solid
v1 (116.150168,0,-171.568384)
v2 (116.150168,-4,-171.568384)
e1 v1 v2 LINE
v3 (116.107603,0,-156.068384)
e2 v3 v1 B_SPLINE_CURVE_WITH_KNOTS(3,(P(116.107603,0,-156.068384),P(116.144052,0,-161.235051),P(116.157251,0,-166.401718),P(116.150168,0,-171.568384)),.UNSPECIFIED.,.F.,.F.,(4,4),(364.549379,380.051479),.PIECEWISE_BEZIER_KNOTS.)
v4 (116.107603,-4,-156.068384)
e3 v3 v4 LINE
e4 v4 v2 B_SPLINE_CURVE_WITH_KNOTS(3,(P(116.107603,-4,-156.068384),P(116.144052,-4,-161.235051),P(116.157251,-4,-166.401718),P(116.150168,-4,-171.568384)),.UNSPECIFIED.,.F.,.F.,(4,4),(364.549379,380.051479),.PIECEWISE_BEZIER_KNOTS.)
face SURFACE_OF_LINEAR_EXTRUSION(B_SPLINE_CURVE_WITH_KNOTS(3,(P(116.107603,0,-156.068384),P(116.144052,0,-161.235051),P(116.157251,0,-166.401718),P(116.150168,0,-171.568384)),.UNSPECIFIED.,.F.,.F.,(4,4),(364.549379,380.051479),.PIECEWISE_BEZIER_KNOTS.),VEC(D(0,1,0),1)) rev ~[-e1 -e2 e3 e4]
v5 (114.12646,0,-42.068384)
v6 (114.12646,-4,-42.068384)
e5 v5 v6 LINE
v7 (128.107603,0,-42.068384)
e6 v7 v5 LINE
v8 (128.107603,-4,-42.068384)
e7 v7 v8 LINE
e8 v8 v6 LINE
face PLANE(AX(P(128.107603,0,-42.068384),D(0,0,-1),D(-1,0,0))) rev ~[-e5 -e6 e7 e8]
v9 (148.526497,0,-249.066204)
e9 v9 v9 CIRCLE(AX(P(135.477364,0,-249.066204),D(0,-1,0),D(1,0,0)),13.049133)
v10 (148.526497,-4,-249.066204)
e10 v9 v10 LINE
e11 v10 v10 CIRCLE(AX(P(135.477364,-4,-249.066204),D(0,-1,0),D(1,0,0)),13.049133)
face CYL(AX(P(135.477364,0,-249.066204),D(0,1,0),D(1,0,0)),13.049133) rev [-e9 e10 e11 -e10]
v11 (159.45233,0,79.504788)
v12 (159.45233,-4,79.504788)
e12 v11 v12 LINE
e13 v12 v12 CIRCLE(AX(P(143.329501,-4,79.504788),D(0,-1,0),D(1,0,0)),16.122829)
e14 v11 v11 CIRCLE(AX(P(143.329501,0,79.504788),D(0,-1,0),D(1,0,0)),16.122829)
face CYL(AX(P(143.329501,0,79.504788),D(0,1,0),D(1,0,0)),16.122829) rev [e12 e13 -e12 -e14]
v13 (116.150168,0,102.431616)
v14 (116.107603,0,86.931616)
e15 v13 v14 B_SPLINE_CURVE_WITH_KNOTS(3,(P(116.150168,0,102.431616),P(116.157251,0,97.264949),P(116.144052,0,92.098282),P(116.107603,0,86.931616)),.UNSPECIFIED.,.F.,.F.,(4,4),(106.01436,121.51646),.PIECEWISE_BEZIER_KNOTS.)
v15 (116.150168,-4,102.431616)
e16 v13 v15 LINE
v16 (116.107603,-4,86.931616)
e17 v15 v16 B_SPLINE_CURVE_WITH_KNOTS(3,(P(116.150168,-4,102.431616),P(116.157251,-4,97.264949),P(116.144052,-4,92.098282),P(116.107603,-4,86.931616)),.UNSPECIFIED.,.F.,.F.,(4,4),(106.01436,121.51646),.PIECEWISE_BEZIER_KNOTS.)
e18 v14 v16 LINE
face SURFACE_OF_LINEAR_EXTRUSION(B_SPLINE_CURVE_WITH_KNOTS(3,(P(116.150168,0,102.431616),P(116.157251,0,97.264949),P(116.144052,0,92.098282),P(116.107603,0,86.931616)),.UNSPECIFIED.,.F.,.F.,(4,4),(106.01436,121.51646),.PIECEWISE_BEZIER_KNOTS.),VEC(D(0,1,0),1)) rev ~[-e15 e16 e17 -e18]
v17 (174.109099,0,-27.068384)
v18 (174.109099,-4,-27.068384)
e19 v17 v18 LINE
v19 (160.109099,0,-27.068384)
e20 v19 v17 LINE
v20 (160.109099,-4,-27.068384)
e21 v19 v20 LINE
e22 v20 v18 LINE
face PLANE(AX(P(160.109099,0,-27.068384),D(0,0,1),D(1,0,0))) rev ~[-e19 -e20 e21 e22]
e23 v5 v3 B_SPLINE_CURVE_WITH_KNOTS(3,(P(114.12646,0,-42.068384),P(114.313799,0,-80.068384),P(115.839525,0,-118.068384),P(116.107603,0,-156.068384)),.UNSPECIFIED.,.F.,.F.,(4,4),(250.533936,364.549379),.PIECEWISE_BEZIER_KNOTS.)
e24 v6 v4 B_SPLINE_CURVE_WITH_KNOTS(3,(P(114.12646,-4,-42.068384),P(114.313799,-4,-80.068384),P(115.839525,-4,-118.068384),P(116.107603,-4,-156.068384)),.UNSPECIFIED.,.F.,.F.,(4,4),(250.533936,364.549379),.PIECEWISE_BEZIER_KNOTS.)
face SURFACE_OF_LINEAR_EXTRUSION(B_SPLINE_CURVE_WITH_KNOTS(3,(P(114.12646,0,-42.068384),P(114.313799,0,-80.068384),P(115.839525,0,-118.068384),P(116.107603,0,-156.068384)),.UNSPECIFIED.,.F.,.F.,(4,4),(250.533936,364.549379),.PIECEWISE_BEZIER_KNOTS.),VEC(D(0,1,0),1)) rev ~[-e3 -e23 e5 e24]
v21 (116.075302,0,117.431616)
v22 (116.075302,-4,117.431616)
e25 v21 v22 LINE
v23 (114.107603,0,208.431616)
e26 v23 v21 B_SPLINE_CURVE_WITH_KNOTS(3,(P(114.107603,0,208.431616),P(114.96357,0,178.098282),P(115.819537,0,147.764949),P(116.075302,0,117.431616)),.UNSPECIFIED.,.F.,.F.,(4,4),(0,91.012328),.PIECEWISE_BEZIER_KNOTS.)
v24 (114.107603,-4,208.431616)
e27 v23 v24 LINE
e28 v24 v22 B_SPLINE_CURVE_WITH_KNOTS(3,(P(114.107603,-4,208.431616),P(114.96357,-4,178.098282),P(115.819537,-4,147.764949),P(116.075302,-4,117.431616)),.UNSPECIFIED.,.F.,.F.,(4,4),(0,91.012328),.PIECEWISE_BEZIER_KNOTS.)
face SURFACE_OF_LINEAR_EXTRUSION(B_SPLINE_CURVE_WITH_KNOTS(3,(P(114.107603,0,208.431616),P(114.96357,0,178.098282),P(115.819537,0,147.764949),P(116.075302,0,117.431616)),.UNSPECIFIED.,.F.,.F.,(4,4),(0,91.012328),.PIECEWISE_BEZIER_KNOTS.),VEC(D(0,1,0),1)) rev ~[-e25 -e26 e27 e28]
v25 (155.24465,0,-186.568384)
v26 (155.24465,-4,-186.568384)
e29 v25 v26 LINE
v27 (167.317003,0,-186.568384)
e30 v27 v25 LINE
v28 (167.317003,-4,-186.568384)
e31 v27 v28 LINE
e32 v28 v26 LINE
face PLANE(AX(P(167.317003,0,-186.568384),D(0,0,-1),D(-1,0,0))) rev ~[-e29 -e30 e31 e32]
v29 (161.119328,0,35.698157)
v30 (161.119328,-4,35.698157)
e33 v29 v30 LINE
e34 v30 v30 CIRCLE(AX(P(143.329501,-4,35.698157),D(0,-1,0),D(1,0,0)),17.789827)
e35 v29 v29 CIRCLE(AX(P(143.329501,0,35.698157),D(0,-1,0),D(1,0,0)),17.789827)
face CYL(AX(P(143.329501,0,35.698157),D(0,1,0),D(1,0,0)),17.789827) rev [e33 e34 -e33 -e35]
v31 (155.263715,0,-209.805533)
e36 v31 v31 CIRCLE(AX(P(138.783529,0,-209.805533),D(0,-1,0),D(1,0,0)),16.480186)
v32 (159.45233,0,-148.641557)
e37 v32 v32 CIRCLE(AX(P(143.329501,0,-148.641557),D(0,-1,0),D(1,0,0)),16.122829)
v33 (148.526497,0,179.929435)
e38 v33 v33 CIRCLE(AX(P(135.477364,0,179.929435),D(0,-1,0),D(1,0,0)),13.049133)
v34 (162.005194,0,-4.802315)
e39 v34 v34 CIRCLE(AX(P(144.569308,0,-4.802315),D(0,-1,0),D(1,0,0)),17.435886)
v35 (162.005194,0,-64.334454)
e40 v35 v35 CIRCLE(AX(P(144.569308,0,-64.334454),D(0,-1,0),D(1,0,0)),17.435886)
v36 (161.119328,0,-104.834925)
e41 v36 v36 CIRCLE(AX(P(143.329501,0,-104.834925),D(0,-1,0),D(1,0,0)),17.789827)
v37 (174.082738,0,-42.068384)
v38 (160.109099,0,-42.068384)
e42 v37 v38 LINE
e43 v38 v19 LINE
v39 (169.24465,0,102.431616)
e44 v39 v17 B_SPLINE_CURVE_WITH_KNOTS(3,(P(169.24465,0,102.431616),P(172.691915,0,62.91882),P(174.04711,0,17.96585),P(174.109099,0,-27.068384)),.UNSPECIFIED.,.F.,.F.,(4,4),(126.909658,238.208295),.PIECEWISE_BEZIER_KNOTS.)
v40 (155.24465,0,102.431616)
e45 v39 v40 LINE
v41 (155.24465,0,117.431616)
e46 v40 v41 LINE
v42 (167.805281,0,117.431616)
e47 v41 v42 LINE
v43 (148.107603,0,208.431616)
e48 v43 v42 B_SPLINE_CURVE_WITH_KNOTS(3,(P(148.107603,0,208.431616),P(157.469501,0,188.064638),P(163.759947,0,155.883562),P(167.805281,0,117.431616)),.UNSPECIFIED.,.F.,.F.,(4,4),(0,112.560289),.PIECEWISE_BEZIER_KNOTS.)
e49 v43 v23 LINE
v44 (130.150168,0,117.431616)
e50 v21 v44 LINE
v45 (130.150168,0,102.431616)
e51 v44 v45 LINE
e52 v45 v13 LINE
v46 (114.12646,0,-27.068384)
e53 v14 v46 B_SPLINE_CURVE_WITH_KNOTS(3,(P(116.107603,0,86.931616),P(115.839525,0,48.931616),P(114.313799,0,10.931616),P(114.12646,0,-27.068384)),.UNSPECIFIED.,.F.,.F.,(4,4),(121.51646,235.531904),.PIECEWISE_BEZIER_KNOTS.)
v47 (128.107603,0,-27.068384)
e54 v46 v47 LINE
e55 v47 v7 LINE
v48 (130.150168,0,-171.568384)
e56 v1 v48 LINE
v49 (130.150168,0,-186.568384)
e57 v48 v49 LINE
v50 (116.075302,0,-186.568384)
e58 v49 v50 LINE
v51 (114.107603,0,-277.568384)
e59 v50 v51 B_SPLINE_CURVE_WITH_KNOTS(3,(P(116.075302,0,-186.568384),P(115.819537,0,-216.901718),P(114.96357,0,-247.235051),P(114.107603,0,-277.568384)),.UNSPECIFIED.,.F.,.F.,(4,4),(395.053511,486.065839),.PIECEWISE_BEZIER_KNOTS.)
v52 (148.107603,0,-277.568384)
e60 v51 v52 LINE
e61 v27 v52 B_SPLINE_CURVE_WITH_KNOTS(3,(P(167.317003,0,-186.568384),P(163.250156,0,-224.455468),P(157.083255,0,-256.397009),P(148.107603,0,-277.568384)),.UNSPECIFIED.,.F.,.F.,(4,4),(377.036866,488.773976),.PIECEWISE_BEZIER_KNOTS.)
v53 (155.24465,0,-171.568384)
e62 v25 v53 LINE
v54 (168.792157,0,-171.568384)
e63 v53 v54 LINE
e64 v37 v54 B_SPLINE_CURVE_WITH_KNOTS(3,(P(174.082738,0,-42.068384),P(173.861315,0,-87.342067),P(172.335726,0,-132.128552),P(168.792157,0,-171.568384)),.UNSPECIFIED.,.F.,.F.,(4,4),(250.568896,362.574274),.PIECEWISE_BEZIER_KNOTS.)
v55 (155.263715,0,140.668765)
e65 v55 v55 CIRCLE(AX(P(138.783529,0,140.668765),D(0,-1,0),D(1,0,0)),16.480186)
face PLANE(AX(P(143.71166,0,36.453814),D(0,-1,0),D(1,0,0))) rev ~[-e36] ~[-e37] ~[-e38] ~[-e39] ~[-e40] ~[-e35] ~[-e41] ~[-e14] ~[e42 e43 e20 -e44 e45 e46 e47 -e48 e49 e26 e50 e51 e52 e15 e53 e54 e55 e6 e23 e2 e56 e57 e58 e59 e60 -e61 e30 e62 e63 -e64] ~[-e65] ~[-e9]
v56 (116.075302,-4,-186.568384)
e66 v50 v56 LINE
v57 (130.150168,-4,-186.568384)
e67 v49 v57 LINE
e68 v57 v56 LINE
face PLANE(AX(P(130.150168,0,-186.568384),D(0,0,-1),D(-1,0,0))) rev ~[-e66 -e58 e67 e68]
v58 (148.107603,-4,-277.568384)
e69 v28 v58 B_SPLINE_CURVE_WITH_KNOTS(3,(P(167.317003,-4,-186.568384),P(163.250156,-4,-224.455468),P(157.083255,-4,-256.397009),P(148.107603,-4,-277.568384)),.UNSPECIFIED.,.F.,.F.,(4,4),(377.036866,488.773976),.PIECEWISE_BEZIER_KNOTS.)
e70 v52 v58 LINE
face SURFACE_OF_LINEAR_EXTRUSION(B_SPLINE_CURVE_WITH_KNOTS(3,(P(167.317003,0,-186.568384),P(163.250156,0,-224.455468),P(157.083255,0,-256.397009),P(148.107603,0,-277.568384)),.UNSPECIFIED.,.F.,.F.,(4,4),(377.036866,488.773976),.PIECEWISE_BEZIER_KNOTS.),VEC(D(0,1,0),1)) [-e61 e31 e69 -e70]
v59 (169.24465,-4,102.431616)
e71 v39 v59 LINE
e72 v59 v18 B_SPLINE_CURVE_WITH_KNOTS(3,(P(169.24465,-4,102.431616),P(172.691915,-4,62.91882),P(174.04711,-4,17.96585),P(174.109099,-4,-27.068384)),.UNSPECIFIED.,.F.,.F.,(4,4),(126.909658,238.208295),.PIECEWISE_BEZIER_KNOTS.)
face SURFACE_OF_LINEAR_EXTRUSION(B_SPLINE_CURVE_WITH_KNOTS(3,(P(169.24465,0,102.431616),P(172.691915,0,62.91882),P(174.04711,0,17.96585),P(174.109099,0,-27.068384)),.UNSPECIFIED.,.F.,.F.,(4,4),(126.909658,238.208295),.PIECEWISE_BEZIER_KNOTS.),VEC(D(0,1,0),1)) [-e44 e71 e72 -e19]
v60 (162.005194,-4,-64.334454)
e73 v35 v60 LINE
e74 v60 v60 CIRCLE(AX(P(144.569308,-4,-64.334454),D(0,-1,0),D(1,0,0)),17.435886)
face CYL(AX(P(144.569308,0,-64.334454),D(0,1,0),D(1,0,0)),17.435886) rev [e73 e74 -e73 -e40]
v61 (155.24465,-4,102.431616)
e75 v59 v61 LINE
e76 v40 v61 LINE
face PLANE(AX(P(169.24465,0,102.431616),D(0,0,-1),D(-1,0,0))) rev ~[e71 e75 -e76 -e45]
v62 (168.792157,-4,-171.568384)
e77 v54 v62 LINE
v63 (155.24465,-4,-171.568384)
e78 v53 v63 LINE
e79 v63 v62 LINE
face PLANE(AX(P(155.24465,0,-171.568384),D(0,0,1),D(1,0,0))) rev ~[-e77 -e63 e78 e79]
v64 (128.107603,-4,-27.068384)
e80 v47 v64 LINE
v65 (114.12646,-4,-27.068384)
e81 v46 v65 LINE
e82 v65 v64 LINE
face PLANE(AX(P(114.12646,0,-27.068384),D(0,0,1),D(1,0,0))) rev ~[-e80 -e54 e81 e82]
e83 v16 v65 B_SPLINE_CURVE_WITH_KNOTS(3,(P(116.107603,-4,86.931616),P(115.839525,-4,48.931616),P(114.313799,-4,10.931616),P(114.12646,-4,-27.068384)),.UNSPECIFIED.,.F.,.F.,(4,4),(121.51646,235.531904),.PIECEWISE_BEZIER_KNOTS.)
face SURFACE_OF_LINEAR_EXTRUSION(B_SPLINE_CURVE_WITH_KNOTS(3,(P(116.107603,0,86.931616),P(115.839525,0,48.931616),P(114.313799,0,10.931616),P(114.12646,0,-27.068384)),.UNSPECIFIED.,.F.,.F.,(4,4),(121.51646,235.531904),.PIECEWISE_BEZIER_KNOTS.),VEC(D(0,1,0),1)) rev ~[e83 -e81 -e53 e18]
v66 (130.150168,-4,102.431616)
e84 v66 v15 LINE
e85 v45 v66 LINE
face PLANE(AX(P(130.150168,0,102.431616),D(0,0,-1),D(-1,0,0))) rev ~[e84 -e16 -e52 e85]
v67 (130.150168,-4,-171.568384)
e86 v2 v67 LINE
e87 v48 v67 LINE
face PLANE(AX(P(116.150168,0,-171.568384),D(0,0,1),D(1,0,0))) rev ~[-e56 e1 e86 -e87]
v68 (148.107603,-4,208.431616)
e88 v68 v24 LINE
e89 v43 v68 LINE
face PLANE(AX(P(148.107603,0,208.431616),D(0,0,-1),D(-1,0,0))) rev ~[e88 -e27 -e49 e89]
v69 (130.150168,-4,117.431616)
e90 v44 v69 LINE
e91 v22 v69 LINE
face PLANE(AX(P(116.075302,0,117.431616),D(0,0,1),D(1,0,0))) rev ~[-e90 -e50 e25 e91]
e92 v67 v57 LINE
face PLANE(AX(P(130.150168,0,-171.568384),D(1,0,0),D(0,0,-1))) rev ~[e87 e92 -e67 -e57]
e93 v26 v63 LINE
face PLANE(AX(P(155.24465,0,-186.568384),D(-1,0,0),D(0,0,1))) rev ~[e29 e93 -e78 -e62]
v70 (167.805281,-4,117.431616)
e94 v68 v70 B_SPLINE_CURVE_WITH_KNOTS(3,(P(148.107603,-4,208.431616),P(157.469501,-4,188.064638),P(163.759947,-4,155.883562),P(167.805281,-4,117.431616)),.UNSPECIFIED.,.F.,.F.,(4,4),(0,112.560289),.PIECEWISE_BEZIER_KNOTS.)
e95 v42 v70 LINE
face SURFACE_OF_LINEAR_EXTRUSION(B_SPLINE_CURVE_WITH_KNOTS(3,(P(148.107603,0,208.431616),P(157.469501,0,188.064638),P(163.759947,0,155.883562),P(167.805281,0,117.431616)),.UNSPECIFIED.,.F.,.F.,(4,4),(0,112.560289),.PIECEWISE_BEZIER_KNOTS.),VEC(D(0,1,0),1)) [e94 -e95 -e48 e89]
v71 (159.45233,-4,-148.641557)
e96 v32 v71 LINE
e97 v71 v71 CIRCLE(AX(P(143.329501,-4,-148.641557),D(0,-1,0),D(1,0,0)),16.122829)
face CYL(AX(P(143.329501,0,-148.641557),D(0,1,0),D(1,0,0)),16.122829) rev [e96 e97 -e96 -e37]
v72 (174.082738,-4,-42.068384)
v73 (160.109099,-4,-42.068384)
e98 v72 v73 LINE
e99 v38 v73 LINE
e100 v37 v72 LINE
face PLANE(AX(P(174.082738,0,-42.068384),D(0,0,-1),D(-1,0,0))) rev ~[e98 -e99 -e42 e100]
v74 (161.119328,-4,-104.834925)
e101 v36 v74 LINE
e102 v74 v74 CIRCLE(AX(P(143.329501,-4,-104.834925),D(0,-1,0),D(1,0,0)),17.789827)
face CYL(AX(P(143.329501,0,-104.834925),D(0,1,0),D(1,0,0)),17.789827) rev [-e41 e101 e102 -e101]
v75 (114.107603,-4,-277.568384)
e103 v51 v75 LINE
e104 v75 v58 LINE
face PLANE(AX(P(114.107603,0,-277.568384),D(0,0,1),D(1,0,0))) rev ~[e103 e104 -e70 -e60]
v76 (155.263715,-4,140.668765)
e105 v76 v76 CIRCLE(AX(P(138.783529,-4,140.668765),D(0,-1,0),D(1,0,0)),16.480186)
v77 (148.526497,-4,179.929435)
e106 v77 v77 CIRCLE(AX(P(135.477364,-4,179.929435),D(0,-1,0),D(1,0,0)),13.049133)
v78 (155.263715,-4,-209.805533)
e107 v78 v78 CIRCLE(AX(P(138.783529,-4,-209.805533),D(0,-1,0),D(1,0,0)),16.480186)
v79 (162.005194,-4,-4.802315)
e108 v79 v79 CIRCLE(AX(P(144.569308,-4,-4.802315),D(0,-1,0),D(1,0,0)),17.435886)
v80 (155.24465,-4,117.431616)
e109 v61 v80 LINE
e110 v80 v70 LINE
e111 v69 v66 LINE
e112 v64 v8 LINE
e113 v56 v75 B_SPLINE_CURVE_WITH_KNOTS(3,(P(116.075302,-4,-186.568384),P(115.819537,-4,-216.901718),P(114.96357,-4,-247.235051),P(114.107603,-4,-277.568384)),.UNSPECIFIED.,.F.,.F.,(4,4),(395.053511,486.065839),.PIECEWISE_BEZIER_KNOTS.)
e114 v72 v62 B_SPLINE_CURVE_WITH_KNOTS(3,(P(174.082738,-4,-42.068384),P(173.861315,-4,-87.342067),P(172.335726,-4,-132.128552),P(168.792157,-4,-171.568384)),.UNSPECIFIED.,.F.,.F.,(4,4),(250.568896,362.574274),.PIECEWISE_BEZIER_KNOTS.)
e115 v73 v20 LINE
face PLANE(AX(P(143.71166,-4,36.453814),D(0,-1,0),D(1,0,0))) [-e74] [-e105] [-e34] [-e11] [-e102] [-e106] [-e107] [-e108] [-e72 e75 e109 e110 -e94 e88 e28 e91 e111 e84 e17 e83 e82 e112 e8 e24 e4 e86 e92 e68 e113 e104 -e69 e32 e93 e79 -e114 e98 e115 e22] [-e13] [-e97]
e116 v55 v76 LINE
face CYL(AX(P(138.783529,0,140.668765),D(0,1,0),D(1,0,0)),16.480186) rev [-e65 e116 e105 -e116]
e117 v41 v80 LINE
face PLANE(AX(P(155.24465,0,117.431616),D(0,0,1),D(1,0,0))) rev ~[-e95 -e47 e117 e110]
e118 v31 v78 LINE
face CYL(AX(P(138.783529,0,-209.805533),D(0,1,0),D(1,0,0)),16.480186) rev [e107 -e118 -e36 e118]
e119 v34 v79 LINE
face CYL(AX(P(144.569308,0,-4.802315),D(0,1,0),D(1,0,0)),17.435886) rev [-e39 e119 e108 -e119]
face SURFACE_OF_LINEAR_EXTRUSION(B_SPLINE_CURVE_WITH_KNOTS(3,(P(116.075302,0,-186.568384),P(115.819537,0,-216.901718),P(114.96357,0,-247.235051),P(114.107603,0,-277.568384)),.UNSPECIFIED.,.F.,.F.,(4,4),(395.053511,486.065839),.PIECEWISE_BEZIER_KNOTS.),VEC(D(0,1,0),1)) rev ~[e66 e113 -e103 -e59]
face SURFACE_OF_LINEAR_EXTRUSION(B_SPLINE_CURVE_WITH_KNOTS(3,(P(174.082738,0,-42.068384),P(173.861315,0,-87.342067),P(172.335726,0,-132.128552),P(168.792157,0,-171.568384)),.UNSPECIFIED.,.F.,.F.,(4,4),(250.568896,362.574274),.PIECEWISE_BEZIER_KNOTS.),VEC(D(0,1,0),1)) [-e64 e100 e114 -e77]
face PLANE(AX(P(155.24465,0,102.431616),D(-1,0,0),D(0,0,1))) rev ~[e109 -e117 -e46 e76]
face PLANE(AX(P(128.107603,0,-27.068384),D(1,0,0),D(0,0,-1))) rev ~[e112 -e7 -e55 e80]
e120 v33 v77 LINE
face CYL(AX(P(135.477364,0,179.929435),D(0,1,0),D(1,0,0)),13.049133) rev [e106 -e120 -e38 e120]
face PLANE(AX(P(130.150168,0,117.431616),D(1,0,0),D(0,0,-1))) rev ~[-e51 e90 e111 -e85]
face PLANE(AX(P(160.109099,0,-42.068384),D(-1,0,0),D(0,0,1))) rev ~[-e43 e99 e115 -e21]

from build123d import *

# Parameters (mm, degrees)
F0_R     = 17.789827
F0_R_2   = 16.122829
F0_R_3   = 17.435886
F0_R_4   = 16.480186
F0_R_5   = 13.049133
F1_DEPTH = 4


with BuildPart() as f1:
    # F0 (on Front) → F1 (new body)
    with BuildSketch(Plane.XZ):
        with BuildLine():
            Line((128.107603, -34.568384), (160.109099, -34.568384))
            Line((160.109099, -34.568384), (160.109099, -27.068384))
            Line((160.109099, -27.068384), (174.109099, -27.068384))
            add(Edge.make_bspline(
                [(169.24465, 102.431616), (172.691915, 62.91882), (174.04711, 17.96585), (174.109099, -27.068384)],
                knots=[126.909658, 126.909658, 126.909658, 126.909658, 238.208295, 238.208295, 238.208295, 238.208295], degree=3))
            Line((169.24465, 102.431616), (155.24465, 102.431616))
            Line((155.24465, 102.431616), (155.24465, 109.931616))
            Line((155.24465, 109.931616), (130.150168, 109.931616))
            Line((130.150168, 109.931616), (130.150168, 102.431616))
            Line((130.150168, 102.431616), (116.150168, 102.431616))
            add(Edge.make_bspline(
                [(116.150168, 102.431616), (116.157251, 97.264949), (116.144052, 92.098282), (116.107603, 86.931616)],
                knots=[106.01436, 106.01436, 106.01436, 106.01436, 121.51646, 121.51646, 121.51646, 121.51646], degree=3))
            add(Edge.make_bspline(
                [(116.107603, 86.931616), (115.839525, 48.931616), (114.313799, 10.931616), (114.12646, -27.068384)],
                knots=[121.51646, 121.51646, 121.51646, 121.51646, 235.531904, 235.531904, 235.531904, 235.531904], degree=3))
            Line((114.12646, -27.068384), (128.107603, -27.068384))
            Line((128.107603, -27.068384), (128.107603, -34.568384))
        make_face()
        with Locations((143.329501, 35.698157)):
            Circle(F0_R, mode=Mode.SUBTRACT)
        with Locations((143.329501, 79.504788)):
            Circle(F0_R_2, mode=Mode.SUBTRACT)
        with Locations((144.569308, -4.802315)):
            Circle(F0_R_3, mode=Mode.SUBTRACT)
        with BuildLine():
            Line((155.24465, 117.431616), (167.805281, 117.431616))
            add(Edge.make_bspline(
                [(148.107603, 208.431616), (157.469501, 188.064638), (163.759947, 155.883562), (167.805281, 117.431616)],
                knots=[0, 0, 0, 0, 112.560289, 112.560289, 112.560289, 112.560289], degree=3))
            Line((148.107603, 208.431616), (114.107603, 208.431616))
            add(Edge.make_bspline(
                [(114.107603, 208.431616), (114.96357, 178.098282), (115.819537, 147.764949), (116.075302, 117.431616)],
                knots=[0, 0, 0, 0, 91.012328, 91.012328, 91.012328, 91.012328], degree=3))
            Line((116.075302, 117.431616), (116.150168, 117.431616))
            Line((116.150168, 117.431616), (130.150168, 117.431616))
            Line((130.150168, 117.431616), (130.150168, 109.931616))
            Line((130.150168, 109.931616), (155.24465, 109.931616))
            Line((155.24465, 109.931616), (155.24465, 117.431616))
        make_face()
        with Locations((138.783529, 140.668765)):
            Circle(F0_R_4, mode=Mode.SUBTRACT)
        with Locations((135.477364, 179.929435)):
            Circle(F0_R_5, mode=Mode.SUBTRACT)
        with BuildLine():
            Line((160.109099, -42.068384), (160.109099, -34.568384))
            Line((160.109099, -34.568384), (128.107603, -34.568384))
            Line((128.107603, -34.568384), (128.107603, -42.068384))
            Line((128.107603, -42.068384), (114.12646, -42.068384))
            add(Edge.make_bspline(
                [(114.12646, -42.068384), (114.313799, -80.068384), (115.839525, -118.068384), (116.107603, -156.068384)],
                knots=[250.533936, 250.533936, 250.533936, 250.533936, 364.549379, 364.549379, 364.549379, 364.549379], degree=3))
            add(Edge.make_bspline(
                [(116.107603, -156.068384), (116.144052, -161.235051), (116.157251, -166.401718), (116.150168, -171.568384)],
                knots=[364.549379, 364.549379, 364.549379, 364.549379, 380.051479, 380.051479, 380.051479, 380.051479], degree=3))
            Line((116.150168, -171.568384), (130.150168, -171.568384))
            Line((130.150168, -171.568384), (130.150168, -179.068384))
            Line((130.150168, -179.068384), (130.150168, -186.568384))
            Line((130.150168, -186.568384), (116.150168, -186.568384))
            Line((116.150168, -186.568384), (116.075302, -186.568384))
            add(Edge.make_bspline(
                [(116.075302, -186.568384), (115.819537, -216.901718), (114.96357, -247.235051), (114.107603, -277.568384)],
                knots=[395.053511, 395.053511, 395.053511, 395.053511, 486.065839, 486.065839, 486.065839, 486.065839], degree=3))
            Line((114.107603, -277.568384), (148.107603, -277.568384))
            add(Edge.make_bspline(
                [(167.317003, -186.568384), (163.250156, -224.455468), (157.083255, -256.397009), (148.107603, -277.568384)],
                knots=[377.036866, 377.036866, 377.036866, 377.036866, 488.773976, 488.773976, 488.773976, 488.773976], degree=3))
            Line((167.317003, -186.568384), (155.24465, -186.568384))
            Line((155.24465, -186.568384), (155.24465, -179.068384))
            Line((155.24465, -179.068384), (155.24465, -171.568384))
            Line((155.24465, -171.568384), (168.792157, -171.568384))
            add(Edge.make_bspline(
                [(174.082738, -42.068384), (173.861315, -87.342067), (172.335726, -132.128552), (168.792157, -171.568384)],
                knots=[250.568896, 250.568896, 250.568896, 250.568896, 362.574274, 362.574274, 362.574274, 362.574274], degree=3))
            Line((174.082738, -42.068384), (160.109099, -42.068384))
        make_face()
        with Locations((135.477364, -249.066204)):
            Circle(F0_R_5, mode=Mode.SUBTRACT)
        with Locations((138.783529, -209.805533)):
            Circle(F0_R_4, mode=Mode.SUBTRACT)
        with Locations((143.329501, -148.641557)):
            Circle(F0_R_2, mode=Mode.SUBTRACT)
        with Locations((143.329501, -104.834925)):
            Circle(F0_R, mode=Mode.SUBTRACT)
        with Locations((144.569308, -64.334454)):
            Circle(F0_R_3, mode=Mode.SUBTRACT)
    extrude(amount=F1_DEPTH)


solid = f1.part
